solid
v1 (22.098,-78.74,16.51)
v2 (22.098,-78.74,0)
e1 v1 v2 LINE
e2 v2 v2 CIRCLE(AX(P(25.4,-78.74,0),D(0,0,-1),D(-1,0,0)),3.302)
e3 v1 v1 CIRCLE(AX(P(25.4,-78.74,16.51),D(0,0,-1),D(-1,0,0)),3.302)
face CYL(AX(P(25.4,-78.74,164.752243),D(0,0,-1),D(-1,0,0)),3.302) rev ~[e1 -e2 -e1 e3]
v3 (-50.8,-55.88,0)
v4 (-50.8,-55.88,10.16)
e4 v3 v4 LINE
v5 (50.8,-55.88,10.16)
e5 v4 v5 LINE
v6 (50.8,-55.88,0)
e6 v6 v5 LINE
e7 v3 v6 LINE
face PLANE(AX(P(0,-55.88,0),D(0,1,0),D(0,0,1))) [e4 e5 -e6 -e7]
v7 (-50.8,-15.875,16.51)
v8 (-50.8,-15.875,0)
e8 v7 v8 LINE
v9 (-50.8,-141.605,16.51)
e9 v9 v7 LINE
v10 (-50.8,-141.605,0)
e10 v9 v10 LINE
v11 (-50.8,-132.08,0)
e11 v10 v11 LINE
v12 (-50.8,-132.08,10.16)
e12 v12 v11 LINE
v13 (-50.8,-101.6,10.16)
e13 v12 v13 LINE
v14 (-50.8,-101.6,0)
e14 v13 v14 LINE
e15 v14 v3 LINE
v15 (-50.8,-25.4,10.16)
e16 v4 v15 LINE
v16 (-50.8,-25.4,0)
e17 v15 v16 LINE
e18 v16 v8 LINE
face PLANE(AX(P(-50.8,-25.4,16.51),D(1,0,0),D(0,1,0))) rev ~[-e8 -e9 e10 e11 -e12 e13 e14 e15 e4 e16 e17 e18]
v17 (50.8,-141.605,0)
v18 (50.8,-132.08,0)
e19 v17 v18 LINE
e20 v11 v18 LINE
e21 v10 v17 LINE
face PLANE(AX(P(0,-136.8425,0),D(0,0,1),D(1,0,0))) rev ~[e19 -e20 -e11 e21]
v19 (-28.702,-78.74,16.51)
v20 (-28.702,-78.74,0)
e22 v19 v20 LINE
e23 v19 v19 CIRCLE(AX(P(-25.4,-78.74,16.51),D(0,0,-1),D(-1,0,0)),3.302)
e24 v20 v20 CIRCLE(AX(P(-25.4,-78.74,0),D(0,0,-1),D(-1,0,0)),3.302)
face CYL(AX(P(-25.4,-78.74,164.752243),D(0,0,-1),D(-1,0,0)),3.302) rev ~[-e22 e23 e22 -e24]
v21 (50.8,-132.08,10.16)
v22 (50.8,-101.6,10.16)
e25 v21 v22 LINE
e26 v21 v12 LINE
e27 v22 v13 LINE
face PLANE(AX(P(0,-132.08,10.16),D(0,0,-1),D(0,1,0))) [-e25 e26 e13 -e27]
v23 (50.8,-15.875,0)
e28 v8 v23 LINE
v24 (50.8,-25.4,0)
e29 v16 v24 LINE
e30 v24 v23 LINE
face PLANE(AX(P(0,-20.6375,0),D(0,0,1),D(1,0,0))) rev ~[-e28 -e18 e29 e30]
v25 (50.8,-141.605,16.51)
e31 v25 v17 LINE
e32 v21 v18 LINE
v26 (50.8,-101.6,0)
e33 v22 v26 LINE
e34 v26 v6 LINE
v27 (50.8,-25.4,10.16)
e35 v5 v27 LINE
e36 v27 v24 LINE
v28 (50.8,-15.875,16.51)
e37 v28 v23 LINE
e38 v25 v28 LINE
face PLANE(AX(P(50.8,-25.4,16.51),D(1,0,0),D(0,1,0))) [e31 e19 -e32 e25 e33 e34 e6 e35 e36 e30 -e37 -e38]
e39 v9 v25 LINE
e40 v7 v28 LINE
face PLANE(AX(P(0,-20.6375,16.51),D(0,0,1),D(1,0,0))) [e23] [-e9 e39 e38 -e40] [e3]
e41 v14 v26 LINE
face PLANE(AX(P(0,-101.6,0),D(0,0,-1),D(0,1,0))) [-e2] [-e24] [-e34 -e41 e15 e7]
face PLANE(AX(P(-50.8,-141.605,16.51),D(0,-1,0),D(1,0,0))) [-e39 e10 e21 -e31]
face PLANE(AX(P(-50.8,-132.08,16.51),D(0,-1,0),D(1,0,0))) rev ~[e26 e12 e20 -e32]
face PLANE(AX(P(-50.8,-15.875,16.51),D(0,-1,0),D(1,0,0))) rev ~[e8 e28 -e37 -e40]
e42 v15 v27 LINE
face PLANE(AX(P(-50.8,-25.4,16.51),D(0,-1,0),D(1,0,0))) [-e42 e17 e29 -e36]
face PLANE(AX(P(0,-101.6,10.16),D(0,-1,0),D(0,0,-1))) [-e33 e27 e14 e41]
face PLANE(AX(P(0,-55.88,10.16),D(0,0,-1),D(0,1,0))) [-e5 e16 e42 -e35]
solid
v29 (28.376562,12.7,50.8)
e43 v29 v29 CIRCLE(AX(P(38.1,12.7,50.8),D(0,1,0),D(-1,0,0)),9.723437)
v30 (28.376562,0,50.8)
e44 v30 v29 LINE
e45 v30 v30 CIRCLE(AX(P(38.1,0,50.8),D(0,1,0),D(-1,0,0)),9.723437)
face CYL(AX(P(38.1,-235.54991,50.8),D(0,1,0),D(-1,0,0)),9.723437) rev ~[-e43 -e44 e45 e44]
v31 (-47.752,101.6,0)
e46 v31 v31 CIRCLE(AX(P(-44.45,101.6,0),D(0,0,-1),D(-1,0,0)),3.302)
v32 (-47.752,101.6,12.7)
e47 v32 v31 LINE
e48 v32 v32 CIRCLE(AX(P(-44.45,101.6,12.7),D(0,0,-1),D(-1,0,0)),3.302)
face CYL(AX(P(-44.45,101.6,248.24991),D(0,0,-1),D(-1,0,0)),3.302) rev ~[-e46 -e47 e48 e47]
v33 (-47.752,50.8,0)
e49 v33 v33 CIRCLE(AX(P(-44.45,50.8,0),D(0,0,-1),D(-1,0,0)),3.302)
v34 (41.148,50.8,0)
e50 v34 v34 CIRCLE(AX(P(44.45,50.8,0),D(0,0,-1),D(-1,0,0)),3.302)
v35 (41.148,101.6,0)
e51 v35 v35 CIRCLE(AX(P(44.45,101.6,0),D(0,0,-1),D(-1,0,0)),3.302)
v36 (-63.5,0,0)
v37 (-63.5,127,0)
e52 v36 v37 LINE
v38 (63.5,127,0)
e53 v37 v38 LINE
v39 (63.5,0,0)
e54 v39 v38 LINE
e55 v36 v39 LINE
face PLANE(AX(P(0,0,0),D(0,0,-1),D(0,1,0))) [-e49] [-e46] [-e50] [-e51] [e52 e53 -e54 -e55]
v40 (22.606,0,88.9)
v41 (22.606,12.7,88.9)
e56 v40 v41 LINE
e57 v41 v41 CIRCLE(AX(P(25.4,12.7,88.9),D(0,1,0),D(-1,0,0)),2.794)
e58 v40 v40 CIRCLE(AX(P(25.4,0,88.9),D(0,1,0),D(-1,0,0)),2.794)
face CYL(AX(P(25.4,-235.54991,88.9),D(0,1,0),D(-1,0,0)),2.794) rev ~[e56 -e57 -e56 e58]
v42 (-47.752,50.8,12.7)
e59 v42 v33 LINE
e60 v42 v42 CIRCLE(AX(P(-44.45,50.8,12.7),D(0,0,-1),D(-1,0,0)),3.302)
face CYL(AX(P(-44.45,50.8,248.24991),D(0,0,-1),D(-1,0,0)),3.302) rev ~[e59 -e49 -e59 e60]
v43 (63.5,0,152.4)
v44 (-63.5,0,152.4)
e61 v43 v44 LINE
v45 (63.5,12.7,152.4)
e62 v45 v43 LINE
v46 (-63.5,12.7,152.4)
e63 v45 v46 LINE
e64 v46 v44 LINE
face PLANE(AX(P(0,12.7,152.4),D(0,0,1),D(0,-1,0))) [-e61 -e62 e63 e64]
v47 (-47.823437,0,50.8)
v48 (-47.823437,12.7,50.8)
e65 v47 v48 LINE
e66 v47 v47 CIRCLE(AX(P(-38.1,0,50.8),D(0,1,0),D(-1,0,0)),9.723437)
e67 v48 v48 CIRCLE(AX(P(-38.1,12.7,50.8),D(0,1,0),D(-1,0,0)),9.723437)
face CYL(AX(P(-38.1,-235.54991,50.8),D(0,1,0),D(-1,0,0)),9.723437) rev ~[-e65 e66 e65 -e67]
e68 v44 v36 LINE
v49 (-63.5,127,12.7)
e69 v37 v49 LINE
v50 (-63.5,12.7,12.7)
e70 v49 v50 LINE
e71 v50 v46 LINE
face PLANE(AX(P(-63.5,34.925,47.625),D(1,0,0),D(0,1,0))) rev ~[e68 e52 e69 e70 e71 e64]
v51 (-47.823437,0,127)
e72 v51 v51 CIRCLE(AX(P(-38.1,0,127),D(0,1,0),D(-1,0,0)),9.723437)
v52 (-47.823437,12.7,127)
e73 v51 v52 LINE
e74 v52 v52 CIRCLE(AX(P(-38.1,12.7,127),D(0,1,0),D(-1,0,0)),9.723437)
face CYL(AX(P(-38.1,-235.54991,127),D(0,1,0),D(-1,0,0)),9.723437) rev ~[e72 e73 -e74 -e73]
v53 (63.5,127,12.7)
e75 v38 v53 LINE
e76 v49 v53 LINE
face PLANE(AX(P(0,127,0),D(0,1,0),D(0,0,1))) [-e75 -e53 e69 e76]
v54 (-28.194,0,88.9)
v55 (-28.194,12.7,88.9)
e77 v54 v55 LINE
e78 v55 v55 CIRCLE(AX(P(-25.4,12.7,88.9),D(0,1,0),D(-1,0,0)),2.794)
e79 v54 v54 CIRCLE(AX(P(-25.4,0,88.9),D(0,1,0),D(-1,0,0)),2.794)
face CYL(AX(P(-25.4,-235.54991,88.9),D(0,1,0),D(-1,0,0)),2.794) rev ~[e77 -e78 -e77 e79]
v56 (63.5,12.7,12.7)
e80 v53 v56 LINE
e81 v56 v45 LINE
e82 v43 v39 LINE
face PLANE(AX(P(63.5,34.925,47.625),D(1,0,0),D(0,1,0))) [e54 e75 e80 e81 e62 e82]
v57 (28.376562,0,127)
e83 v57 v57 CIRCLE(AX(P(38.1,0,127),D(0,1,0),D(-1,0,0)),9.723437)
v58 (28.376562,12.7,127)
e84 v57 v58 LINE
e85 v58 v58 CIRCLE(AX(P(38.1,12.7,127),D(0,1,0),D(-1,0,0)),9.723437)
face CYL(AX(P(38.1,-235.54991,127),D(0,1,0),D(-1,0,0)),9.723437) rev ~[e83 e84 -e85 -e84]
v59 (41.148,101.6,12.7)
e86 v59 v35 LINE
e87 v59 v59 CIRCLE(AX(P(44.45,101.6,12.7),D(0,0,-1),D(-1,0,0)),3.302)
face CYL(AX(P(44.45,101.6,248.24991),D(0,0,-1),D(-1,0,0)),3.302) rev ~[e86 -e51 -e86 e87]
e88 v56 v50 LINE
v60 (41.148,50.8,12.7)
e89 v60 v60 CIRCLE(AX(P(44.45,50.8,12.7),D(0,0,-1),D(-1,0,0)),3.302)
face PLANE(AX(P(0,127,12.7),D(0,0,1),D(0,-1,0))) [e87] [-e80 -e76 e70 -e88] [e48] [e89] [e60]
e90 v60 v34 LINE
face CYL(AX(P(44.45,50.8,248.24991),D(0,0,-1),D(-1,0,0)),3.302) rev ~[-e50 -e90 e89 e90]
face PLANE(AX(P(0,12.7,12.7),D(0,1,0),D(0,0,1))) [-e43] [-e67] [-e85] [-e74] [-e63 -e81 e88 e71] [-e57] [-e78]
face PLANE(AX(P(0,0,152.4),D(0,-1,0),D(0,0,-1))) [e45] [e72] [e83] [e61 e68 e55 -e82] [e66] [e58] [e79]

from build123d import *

# Parameters (mm, degrees)
F1_DEPTH  = 63.5
F3_D      = 19.446875
F5_DEPTH  = 50.8
F7_D      = 6.604
F9_D      = 5.588
F11_D     = 6.604
F12_W     = 101.6
F12_H     = 9.525
F13_DEPTH = 16.51


with BuildPart() as f1:
    # F0 (on Right) → F1 (new body, symmetric)
    with BuildSketch(Plane.YZ):
        Polygon((0, 152.4), (0, 0), (127, 0), (127, 12.7), (12.7, 12.7), (12.7, 152.4), align=None)
    extrude(amount=F1_DEPTH, both=True)

    # F3 (through all)
    with Locations(Plane.XZ):
        with Locations((-38.1, 127), (38.1, 127), (38.1, 50.8), (-38.1, 50.8)):
            Hole(F3_D / 2)

    # F9 (through all)
    with Locations(Plane.XZ):
        with Locations((-25.4, 88.9), (25.4, 88.9)):
            Hole(F9_D / 2)

    # F11 (through all)
    with Locations(Plane.XY.offset(12.7)):
        with Locations((44.45, 50.8), (-44.45, 50.8), (-44.45, 101.6), (44.45, 101.6)):
            Hole(F11_D / 2)


with BuildPart() as f5:
    # F4 (on Right) → F5 (new body, symmetric)
    with BuildSketch(Plane.YZ):
        Polygon((-101.6, 10.16), (-101.6, 0), (-55.88, 0), (-55.88, 10.16), (-25.4, 10.16), (-25.4, 16.51), (-132.08, 16.51), (-132.08, 10.16), align=None)
    extrude(amount=F5_DEPTH, both=True)

    # F7 (through all)
    with Locations(Plane.XY.offset(16.51)):
        with Locations((-25.4, -78.74), (25.4, -78.74)):
            Hole(F7_D / 2)

    # F12 (on face) → F13 (join)
    with BuildSketch(Plane.XY.offset(16.51)):
        with Locations((0, -20.6375)):
            Rectangle(F12_W, F12_H)
        with Locations((0, -136.8425)):
            Rectangle(F12_W, F12_H)
    extrude(amount=-F13_DEPTH)


solid = Compound([f1.part, f5.part])
